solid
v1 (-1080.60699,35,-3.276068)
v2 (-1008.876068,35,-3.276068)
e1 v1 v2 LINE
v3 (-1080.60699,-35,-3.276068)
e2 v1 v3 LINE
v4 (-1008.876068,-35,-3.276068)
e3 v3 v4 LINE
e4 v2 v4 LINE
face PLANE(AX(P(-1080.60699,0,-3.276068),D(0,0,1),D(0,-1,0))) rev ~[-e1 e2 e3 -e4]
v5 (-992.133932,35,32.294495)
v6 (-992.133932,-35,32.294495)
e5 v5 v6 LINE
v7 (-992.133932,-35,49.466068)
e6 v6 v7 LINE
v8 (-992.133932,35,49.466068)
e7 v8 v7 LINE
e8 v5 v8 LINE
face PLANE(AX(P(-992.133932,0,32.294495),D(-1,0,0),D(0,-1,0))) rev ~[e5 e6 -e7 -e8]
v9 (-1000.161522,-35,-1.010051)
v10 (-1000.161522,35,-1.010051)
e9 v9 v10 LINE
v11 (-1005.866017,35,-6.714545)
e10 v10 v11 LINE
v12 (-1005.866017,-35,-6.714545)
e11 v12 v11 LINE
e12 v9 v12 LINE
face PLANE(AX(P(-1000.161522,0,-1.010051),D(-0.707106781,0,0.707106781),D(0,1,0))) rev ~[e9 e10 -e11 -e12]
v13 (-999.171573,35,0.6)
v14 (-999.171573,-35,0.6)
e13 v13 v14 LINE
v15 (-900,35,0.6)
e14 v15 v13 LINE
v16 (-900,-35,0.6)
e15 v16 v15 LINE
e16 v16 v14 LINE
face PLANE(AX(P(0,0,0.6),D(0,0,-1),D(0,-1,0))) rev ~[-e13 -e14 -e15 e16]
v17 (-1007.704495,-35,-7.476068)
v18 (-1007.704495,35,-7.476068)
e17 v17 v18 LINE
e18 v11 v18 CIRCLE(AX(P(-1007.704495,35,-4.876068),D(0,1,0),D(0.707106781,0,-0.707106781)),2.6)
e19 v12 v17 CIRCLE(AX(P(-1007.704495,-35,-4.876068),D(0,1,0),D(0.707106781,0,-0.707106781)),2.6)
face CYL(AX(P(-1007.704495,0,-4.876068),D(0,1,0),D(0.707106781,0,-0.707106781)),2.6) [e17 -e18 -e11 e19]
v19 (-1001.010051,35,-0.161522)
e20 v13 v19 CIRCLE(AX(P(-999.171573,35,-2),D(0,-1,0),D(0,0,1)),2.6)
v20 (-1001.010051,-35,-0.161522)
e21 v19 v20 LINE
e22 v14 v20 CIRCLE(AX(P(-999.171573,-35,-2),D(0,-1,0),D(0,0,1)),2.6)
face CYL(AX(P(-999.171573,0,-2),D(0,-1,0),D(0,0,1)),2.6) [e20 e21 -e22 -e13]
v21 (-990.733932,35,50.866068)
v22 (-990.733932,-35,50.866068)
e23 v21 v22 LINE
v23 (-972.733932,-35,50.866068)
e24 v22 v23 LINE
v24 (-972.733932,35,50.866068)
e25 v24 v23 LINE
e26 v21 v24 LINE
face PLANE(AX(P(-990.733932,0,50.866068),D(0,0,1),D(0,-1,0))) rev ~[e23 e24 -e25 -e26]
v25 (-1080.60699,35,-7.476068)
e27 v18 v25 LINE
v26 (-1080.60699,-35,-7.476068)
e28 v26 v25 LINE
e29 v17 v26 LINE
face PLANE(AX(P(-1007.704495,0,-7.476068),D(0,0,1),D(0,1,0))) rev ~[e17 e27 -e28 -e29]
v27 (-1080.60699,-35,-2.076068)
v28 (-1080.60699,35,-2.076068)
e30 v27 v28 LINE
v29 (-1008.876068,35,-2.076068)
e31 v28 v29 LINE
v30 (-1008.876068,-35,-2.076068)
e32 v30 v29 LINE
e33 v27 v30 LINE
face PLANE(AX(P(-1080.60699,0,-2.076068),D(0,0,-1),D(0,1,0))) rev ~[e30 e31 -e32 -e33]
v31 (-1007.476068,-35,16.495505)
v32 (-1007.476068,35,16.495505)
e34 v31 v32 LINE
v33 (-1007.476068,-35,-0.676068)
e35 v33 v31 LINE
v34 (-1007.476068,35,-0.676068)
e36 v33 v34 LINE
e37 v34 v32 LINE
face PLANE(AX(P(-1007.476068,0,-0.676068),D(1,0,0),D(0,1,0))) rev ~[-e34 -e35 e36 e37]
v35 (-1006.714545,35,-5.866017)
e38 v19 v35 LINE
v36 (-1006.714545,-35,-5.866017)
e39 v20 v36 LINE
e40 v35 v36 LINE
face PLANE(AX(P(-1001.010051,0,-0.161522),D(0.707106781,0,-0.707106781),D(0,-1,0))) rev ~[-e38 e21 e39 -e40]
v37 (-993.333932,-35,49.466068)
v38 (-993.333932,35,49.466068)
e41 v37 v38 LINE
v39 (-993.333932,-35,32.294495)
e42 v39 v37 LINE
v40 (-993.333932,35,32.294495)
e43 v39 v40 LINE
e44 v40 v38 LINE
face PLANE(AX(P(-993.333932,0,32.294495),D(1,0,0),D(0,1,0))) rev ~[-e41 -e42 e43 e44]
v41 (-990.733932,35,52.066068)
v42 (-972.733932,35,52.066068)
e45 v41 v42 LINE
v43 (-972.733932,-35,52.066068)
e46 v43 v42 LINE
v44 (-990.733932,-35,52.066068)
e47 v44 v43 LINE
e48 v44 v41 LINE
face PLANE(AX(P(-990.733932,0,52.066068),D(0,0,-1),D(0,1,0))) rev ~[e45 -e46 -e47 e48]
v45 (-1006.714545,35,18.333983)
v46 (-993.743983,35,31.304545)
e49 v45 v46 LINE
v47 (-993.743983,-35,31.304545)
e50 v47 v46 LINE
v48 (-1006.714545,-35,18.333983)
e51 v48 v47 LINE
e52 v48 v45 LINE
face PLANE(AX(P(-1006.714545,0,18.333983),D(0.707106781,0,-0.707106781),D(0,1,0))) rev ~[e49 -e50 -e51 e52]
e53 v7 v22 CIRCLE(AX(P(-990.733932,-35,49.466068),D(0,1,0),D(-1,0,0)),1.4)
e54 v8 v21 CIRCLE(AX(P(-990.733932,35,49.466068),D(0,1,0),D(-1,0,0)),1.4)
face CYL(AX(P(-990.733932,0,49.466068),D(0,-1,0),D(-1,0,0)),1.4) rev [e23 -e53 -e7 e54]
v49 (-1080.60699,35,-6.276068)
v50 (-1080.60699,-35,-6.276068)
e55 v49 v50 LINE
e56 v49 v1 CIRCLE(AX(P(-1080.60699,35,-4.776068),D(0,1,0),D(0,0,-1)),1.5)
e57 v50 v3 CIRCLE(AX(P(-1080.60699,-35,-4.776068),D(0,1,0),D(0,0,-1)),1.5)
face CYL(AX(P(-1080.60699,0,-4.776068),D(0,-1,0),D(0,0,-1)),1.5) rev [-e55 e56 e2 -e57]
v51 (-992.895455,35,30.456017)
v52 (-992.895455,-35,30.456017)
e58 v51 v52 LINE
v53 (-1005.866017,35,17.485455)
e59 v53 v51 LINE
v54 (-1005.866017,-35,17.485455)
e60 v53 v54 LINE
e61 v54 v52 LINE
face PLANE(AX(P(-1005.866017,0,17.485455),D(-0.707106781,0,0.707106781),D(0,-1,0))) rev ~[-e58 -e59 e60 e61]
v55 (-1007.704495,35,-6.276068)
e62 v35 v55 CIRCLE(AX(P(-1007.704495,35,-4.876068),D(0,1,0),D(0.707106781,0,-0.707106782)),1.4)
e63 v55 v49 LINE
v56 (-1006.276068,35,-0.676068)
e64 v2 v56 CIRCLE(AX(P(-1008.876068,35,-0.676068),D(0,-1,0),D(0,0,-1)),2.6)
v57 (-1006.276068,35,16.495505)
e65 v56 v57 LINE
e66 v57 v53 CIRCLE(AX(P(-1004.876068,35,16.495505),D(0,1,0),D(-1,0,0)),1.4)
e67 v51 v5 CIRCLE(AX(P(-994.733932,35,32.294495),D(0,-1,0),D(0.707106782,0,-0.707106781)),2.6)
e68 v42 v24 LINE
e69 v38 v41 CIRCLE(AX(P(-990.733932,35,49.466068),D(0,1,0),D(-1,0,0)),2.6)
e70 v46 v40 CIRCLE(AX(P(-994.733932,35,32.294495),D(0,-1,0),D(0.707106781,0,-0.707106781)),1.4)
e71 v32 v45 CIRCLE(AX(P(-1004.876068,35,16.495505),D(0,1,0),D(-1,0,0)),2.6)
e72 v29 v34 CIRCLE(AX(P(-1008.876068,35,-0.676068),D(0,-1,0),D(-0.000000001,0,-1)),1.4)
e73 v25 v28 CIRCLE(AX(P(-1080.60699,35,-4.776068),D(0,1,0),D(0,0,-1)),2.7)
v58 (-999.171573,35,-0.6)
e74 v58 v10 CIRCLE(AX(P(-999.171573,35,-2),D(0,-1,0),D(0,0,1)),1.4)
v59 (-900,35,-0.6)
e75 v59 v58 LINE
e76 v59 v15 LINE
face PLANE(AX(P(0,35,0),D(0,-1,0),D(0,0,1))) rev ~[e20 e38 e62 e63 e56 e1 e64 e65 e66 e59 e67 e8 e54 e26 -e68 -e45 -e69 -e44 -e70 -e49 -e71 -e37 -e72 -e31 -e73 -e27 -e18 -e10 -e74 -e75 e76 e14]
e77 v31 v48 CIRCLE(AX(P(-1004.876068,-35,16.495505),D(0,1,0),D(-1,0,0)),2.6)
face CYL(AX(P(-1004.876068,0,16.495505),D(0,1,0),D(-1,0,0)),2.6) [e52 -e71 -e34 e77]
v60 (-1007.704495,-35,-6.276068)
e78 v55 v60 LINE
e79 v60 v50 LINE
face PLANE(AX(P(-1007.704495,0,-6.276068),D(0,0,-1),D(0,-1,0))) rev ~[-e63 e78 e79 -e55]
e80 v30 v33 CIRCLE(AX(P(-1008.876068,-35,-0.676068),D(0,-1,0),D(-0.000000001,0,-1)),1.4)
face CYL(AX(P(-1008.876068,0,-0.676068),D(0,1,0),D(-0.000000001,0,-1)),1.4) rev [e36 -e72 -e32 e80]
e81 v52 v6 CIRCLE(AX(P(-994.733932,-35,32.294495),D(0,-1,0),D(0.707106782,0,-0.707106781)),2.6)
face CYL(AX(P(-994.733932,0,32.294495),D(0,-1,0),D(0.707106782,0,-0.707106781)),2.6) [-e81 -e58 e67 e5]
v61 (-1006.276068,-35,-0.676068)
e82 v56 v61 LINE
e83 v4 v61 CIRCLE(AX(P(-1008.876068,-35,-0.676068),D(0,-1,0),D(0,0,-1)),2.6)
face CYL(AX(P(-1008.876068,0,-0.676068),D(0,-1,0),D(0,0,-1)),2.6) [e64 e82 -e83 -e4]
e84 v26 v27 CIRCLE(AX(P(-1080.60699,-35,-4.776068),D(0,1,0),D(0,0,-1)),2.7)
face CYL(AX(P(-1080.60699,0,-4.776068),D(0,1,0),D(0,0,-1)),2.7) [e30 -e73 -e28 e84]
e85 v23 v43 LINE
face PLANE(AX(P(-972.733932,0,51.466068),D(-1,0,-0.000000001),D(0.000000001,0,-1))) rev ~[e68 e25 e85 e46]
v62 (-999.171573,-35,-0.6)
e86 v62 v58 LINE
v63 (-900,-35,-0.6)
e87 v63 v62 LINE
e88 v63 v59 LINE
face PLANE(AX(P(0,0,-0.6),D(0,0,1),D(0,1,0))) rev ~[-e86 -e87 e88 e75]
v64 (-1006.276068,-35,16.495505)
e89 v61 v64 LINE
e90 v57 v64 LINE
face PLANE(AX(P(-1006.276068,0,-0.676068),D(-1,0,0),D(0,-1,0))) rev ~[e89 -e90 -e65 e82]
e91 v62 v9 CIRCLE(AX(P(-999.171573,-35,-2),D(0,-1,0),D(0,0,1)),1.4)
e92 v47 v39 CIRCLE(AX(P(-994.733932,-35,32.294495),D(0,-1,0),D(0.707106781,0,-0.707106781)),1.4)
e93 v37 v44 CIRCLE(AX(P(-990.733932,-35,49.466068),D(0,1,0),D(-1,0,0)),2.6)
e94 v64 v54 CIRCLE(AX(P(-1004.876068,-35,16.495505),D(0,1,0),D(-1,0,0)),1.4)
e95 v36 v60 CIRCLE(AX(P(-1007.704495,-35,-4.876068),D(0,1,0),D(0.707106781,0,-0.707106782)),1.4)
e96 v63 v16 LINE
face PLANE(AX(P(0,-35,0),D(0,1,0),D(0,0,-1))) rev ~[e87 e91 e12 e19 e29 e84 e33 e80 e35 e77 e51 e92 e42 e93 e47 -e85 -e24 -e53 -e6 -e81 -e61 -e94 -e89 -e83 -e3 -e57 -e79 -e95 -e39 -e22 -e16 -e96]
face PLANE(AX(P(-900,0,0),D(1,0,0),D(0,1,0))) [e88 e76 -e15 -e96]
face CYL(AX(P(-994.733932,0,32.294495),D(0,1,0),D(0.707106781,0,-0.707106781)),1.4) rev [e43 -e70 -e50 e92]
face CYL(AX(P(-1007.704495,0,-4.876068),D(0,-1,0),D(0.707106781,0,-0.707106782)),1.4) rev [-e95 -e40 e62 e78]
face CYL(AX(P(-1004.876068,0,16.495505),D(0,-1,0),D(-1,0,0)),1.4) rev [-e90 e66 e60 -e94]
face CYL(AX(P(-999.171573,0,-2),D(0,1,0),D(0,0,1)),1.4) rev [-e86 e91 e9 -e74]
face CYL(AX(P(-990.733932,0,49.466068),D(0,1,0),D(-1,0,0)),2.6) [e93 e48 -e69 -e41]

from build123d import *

# Parameters (mm, degrees)
SKETCH1_W          = 70
SKETCH1_H          = 1.2
SKETCH4_W          = 70
SKETCH4_H          = 1.2
CUT_EXTRUDE3_DEPTH = 900


with BuildPart() as part:
    # Sweep1: sweep along a path in Sketch2
    with BuildLine(Plane(origin=(0, 0, 0), x_dir=(-1, 0, 0), z_dir=(0, 1, 0))) as sweep1_path:
        Line((0, 0), (999.171572875, 0))
        ThreePointArc((999.171572875, 0), (999.93693974, -0.152240935), (1000.585786438, -0.585786438))
        Line((1000.585786438, -0.585786438), (1006.290281407, -6.290281407))
        ThreePointArc((1006.290281407, -6.290281407), (1006.939128104, -6.723826909), (1007.704494969, -6.876067844))
        Line((1007.704494969, -6.876067844), (1080.606989687, -6.876067844))
        ThreePointArc((1080.606989687, -6.876067844), (1082.706989687, -4.776067844), (1080.606989687, -2.676067844))
        Line((1080.606989687, -2.676067844), (1008.876067844, -2.676067844))
        ThreePointArc((1008.876067844, -2.676067844), (1007.461854282, -2.090281407), (1006.876067844, -0.676067844))
        Line((1006.876067844, -0.676067844), (1006.876067844, 16.495505031))
        ThreePointArc((1006.876067844, 16.495505031), (1006.723826909, 17.260871896), (1006.290281407, 17.909718593))
        Line((1006.290281407, 17.909718593), (993.319718658, 30.880281342))
        ThreePointArc((993.319718658, 30.880281342), (992.886173156, 31.529128039), (992.733932221, 32.294494904))
        Line((992.733932221, 32.294494904), (992.733932221, 49.466067779))
        ThreePointArc((992.733932221, 49.466067779), (992.148145783, 50.880281342), (990.733932221, 51.466067779))
        Line((990.733932221, 51.466067779), (972.733932221, 51.466067779))
    # Sketch1 → Sweep1 (sweep)
    with BuildSketch(Plane.YZ):
        Rectangle(SKETCH1_W, SKETCH1_H)
    sweep(path=sweep1_path.line)

    # Sketch4 → Cut-Extrude3 (cut)
    with BuildSketch(Plane.YZ):
        Rectangle(SKETCH4_W, SKETCH4_H)
    extrude(amount=-CUT_EXTRUDE3_DEPTH, mode=Mode.SUBTRACT)


solid = part.part
